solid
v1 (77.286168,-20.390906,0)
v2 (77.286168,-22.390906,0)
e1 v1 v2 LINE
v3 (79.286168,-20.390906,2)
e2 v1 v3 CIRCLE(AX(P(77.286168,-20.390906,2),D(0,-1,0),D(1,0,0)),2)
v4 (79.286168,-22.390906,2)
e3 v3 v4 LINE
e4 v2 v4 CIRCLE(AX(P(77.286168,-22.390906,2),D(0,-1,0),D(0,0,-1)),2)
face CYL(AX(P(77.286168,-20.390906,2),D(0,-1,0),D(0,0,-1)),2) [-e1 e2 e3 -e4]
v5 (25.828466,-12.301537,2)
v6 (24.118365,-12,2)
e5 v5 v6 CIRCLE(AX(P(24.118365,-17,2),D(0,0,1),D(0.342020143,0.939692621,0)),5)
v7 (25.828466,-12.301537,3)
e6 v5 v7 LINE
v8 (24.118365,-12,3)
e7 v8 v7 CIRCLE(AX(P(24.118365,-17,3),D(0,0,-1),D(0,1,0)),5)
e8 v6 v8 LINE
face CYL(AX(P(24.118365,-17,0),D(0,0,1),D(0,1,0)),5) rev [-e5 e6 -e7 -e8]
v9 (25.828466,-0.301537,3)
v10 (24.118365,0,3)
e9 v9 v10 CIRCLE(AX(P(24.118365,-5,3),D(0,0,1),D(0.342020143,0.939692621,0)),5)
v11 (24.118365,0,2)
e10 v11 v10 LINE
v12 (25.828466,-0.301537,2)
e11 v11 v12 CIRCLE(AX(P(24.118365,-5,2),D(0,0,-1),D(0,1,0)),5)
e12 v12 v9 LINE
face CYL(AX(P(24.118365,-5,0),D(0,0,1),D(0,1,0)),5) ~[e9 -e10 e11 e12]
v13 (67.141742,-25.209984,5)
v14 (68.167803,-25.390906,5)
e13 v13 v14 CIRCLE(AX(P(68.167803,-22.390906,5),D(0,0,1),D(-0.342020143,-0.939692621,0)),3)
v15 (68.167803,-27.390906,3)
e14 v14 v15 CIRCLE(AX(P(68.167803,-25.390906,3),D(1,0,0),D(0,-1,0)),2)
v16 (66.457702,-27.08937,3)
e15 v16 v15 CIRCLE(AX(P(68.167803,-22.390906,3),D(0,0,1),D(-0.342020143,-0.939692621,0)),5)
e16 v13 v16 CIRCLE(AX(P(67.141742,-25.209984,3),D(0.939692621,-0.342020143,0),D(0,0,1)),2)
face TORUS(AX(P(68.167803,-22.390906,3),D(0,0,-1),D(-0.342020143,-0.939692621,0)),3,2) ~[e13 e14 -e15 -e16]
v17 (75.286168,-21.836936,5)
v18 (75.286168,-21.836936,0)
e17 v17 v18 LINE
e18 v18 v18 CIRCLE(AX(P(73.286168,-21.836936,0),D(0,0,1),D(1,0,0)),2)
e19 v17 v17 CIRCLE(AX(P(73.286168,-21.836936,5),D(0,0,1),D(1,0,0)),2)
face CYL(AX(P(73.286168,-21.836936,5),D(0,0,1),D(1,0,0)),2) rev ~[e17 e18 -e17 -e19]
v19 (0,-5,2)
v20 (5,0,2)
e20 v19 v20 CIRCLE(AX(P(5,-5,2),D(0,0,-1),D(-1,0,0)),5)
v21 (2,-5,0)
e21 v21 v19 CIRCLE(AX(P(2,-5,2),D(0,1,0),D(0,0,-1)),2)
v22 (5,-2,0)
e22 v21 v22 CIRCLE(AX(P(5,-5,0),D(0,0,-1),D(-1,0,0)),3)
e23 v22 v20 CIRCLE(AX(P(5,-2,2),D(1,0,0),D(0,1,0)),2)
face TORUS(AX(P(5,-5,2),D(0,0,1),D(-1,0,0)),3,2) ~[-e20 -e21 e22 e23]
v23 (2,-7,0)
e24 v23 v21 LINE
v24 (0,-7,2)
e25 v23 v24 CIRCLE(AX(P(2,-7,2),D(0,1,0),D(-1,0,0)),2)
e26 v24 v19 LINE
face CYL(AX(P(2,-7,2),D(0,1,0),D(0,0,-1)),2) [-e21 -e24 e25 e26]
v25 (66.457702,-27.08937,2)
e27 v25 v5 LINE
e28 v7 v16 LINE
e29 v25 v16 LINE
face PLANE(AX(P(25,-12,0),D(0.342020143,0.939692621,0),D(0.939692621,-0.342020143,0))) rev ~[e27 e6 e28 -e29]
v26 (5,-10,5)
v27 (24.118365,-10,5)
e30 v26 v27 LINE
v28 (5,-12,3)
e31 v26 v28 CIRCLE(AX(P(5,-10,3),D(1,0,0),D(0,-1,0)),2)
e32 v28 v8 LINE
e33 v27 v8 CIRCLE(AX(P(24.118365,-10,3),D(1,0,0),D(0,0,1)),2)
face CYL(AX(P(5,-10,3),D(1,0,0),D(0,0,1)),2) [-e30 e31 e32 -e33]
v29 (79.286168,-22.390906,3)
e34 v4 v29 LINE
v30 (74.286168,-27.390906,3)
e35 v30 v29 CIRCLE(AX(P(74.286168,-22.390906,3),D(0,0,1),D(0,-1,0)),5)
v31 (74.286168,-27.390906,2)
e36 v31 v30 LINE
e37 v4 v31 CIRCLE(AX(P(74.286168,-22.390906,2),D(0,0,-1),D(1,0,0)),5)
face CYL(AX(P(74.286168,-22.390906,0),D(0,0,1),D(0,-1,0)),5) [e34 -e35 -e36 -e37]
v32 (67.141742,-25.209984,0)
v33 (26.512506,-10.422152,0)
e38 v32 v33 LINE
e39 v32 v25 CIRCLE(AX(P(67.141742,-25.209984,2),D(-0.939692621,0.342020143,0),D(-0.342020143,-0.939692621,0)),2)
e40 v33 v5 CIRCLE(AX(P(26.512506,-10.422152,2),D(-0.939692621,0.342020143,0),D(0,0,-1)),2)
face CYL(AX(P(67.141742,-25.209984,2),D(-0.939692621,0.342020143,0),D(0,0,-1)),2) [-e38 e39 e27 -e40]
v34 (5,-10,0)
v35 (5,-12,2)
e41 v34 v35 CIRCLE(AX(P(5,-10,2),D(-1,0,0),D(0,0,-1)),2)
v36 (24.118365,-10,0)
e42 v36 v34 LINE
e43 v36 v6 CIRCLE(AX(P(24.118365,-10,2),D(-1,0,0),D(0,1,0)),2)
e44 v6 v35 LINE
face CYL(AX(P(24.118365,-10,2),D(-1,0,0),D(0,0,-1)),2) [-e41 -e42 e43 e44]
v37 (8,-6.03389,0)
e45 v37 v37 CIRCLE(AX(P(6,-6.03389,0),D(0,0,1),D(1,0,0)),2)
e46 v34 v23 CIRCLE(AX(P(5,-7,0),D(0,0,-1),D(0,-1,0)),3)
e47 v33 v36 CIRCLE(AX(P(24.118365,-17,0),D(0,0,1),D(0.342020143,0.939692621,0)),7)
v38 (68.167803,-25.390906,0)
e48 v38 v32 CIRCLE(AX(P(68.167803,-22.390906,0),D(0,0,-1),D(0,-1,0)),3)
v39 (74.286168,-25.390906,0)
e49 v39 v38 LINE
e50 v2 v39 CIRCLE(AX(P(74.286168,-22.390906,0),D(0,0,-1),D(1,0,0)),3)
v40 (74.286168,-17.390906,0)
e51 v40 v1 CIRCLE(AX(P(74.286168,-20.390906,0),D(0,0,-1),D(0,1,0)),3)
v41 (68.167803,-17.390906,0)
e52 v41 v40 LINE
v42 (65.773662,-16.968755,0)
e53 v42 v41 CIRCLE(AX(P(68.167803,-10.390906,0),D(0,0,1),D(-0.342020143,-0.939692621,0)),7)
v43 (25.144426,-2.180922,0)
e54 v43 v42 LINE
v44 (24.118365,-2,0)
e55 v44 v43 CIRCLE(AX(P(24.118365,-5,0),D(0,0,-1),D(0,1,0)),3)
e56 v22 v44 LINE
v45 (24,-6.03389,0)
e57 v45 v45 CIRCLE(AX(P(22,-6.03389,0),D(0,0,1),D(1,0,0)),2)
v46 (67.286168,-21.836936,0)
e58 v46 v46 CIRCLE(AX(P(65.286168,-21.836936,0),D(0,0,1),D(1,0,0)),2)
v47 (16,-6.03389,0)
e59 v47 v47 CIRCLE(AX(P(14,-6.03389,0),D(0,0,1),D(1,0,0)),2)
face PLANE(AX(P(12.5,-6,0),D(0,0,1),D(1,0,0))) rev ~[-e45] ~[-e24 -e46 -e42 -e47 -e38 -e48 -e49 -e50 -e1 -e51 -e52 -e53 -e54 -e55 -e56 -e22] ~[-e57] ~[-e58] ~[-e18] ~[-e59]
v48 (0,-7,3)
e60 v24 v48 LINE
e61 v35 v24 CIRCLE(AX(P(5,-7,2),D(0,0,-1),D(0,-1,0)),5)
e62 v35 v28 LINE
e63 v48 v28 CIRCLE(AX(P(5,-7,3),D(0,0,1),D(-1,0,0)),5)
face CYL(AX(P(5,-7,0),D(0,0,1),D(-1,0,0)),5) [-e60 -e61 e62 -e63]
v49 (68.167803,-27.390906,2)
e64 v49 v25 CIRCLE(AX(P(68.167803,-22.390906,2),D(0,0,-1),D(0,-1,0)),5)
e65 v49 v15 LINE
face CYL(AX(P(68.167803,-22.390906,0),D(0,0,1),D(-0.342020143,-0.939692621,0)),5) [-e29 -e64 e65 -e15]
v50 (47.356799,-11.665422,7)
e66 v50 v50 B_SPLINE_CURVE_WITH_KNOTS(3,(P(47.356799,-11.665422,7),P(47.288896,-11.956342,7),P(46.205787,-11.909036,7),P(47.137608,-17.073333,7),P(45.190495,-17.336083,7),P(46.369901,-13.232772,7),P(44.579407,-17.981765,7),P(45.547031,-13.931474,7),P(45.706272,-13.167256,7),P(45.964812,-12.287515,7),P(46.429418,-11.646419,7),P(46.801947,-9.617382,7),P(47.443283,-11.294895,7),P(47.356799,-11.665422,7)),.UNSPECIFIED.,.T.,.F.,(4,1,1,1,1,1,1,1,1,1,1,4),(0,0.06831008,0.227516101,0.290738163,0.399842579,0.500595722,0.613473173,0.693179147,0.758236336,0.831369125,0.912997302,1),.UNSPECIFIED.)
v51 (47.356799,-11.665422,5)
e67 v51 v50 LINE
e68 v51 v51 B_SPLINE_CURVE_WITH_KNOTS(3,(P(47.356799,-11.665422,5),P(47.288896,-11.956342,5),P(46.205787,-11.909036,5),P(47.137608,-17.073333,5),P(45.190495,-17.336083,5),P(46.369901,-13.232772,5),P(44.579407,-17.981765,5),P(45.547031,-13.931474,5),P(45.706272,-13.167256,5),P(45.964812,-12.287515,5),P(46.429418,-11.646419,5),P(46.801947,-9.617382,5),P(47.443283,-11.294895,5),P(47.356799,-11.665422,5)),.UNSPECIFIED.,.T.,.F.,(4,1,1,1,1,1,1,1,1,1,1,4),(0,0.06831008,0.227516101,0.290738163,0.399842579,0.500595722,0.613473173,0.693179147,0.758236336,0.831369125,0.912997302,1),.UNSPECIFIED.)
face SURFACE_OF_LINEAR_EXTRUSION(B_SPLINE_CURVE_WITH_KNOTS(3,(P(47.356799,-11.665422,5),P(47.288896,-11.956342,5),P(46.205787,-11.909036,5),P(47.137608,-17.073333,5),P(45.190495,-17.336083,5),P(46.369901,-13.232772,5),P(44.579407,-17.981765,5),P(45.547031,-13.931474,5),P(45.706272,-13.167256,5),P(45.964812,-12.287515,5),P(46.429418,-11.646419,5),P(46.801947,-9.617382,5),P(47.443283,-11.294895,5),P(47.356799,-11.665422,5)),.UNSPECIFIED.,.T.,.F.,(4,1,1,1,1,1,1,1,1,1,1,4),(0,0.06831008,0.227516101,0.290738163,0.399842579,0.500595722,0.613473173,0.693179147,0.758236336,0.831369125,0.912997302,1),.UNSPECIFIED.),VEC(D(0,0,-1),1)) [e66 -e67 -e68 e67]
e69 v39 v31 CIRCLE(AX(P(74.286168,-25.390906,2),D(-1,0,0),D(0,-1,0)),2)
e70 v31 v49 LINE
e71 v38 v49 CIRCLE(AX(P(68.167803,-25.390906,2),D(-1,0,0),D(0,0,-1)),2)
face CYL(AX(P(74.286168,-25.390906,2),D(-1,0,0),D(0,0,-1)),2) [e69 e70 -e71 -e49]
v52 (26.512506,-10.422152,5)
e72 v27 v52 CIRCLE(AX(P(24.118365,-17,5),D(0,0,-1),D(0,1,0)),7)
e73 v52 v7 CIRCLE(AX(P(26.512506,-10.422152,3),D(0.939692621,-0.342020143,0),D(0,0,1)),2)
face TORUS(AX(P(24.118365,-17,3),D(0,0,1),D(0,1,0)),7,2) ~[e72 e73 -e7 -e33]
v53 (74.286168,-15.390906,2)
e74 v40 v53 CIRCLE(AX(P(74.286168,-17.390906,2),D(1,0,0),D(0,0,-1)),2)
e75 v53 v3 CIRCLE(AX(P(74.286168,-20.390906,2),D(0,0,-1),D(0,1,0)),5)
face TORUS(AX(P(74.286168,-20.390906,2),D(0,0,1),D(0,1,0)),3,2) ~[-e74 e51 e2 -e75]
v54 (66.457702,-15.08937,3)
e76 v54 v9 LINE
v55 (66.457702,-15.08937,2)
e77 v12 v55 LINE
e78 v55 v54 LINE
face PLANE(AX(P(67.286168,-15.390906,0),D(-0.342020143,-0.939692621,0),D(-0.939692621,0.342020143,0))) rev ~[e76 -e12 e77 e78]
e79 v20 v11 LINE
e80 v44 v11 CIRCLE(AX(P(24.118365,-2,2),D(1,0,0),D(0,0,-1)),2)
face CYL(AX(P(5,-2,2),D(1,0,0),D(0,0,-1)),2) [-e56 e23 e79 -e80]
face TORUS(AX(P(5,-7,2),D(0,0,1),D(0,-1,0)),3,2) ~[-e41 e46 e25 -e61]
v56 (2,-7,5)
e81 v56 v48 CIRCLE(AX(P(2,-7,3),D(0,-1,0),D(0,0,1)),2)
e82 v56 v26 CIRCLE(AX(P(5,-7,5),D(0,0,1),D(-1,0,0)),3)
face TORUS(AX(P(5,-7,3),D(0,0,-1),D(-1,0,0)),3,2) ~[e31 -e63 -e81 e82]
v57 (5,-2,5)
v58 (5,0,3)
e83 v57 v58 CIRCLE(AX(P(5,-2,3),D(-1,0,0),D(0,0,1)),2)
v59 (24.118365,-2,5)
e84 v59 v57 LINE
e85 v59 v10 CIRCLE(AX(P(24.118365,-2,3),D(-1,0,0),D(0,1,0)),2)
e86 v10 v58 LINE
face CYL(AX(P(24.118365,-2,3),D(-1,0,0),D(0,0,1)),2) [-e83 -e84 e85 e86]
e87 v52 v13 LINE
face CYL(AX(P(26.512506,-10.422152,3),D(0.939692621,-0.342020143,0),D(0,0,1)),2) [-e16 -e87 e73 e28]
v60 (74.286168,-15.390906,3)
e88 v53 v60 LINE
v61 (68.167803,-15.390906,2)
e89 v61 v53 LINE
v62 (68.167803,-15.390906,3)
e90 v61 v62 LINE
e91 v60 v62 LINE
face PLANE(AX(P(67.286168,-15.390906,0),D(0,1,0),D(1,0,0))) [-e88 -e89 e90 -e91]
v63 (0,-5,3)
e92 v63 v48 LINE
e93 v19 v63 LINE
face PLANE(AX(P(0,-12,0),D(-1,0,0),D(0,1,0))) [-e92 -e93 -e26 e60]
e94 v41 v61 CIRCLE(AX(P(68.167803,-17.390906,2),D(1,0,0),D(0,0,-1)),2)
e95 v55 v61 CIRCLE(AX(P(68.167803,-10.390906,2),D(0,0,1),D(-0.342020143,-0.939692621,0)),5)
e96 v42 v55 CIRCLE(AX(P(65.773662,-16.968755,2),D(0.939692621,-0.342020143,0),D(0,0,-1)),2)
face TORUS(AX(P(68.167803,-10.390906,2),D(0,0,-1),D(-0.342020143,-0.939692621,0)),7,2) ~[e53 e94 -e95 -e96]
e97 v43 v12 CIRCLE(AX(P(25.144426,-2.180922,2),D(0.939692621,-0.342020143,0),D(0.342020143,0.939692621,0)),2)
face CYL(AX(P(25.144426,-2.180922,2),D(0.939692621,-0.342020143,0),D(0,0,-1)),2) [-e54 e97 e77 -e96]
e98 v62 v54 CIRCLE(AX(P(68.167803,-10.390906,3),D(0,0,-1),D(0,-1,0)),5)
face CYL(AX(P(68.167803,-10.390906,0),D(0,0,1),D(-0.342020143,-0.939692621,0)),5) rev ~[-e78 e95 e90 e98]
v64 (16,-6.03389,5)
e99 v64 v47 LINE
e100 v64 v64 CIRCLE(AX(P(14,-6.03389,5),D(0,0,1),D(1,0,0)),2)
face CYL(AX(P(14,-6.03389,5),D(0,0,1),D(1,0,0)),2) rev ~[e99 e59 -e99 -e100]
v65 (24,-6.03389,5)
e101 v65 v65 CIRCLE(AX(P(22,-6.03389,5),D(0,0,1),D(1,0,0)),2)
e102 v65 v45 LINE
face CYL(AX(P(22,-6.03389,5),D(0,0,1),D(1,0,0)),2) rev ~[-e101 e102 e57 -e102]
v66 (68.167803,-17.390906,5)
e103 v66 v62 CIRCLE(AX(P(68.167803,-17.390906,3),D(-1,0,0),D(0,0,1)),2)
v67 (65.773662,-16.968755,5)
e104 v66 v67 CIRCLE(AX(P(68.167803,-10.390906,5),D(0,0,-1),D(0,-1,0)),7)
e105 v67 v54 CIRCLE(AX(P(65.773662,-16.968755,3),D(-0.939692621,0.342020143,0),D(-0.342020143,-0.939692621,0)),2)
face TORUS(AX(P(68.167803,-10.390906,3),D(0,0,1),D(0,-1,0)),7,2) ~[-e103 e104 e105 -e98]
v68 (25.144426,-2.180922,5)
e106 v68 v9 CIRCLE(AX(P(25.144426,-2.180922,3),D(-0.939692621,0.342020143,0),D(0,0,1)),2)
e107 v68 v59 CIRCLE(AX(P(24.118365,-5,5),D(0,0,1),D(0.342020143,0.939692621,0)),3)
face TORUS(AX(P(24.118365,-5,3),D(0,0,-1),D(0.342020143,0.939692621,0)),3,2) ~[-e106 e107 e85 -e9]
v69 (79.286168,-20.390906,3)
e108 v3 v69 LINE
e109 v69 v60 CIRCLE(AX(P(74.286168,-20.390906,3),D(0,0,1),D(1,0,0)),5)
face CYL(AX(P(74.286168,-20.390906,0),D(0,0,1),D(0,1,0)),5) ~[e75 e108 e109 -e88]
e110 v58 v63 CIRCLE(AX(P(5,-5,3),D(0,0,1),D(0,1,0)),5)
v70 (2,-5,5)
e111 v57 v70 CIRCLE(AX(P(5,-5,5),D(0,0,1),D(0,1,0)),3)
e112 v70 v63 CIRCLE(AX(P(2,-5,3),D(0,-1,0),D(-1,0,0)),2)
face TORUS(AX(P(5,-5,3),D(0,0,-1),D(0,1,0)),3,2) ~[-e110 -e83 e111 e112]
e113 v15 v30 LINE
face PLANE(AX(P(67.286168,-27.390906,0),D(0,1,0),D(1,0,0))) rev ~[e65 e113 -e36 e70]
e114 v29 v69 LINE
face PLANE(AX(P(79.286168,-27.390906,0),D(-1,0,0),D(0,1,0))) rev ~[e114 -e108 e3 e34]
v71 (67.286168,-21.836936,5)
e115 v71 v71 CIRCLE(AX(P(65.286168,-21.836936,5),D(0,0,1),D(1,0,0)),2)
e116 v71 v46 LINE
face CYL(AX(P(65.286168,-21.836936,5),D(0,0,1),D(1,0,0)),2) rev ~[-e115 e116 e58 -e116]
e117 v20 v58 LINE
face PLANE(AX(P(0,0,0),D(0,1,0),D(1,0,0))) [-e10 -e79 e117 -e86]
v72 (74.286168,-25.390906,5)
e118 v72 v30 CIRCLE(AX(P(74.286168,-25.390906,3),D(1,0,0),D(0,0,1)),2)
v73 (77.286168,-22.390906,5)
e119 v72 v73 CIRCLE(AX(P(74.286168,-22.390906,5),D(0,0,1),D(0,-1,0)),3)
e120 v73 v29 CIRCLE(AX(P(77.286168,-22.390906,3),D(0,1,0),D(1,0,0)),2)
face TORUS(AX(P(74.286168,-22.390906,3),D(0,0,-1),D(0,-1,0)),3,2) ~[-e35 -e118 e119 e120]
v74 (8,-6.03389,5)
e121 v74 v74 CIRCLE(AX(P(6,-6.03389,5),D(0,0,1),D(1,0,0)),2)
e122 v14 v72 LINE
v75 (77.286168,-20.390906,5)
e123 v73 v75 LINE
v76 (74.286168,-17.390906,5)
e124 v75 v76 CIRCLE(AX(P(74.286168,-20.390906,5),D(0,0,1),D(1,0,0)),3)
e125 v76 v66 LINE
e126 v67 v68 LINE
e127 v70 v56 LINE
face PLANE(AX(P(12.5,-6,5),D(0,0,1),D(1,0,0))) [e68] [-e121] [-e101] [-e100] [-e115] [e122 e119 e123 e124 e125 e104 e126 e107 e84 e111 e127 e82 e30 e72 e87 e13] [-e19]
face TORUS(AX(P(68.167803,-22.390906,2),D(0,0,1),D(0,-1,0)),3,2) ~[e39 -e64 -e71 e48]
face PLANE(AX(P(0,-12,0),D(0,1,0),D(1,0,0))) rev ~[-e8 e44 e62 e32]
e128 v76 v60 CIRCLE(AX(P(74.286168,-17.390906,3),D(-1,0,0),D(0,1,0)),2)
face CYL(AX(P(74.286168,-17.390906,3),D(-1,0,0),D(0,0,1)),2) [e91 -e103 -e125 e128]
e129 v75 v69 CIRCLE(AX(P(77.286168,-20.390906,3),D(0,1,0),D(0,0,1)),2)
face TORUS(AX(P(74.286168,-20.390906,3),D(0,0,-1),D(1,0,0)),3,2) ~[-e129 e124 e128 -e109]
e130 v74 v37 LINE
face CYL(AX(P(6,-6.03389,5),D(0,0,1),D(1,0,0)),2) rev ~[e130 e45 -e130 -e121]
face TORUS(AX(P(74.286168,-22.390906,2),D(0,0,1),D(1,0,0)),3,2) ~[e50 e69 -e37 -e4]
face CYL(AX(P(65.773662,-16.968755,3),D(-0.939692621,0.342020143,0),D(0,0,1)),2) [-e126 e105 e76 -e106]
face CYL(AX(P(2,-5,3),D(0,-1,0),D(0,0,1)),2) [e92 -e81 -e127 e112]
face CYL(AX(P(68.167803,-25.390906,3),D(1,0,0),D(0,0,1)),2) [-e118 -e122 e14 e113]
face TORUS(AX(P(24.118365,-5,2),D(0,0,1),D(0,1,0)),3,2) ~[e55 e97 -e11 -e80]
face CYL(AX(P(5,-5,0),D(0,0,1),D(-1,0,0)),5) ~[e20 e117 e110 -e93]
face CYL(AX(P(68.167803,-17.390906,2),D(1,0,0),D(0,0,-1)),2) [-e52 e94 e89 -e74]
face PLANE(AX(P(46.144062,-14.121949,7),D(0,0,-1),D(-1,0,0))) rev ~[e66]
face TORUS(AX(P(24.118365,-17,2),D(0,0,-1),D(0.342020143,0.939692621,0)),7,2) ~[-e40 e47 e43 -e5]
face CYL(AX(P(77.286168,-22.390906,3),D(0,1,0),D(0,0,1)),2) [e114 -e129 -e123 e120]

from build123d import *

# Parameters (mm, degrees)
F0_W     = 25
F0_H     = 12
F0_W_2   = 12
F1_DEPTH = 5
F2_R     = 2
F3_DEPTH = 5.001
F4_R     = 5
F5_R     = 2
F7_DEPTH = 2


with BuildPart() as f1:
    # F0 (on Top) → F1 (new body)
    with BuildSketch(Plane.XY):
        with Locations((12.5, -6)):
            Rectangle(F0_W, F0_H)
        Polygon((67.2861679354, -15.3909064497), (25, 0), (25, -12), (67.2861679354, -27.3909064497), align=None)
        with Locations((73.2861679354, -21.3909064497)):
            Rectangle(F0_W_2, F0_H)
    extrude(amount=F1_DEPTH)

    # F2 (on face) → F3 (cut, through all)
    with BuildSketch(Plane.XY.offset(5)):
        with Locations((6, -6.0338899493)):
            Circle(F2_R)
        with Locations((14, -6.0338899493)):
            Circle(F2_R)
        with Locations((22, -6.0338899493)):
            Circle(F2_R)
        with Locations((65.2861679354, -21.8369364738)):
            Circle(F2_R)
        with Locations((73.2861679354, -21.8369364738)):
            Circle(F2_R)
    extrude(amount=-F3_DEPTH, mode=Mode.SUBTRACT)

    # F4
    f4_edges = [f1.edges().sort_by_distance(p)[0] for p in [
        (0, -12, 2.5),
        (25, -12, 2.5),
        (67.286168, -27.390906, 2.5),
        (79.286168, -27.390906, 2.5),
        (79.286168, -15.390906, 2.5),
        (67.286168, -15.390906, 2.5),
        (25, 0, 2.5),
        (0, 0, 2.5),
    ]]
    fillet(f4_edges, radius=F4_R)

    # F5
    f5_edges = [f1.edges().sort_by_distance(p)[0] for p in [
        (46.143084, -19.695453, 5),
        (14.559183, -12, 5),
        (46.143084, -7.695453, 5),
        (14.559183, 0, 5),
        (71.226985, -27.390906, 5),
        (71.226985, -15.390906, 0),
        (46.143084, -19.695453, 0),
        (14.559183, -12, 0),
        (1.464466, -10.535534, 5),
        (77.821702, -25.92644, 5),
        (1.464466, -10.535534, 0),
        (77.821702, -25.92644, 0),
        (77.821702, -16.855373, 0),
        (77.821702, -16.855373, 5),
        (67.299562, -15.314945, 5),
        (24.986606, -0.075961, 5),
        (1.464466, -1.464466, 5),
        (71.226985, -15.390906, 5),
        (14.559183, 0, 0),
        (46.143084, -7.695453, 0),
    ]]
    fillet(f5_edges, radius=F5_R)

    # F6 (on face) → F7 (join)
    with BuildSketch(Plane.XY.offset(5)):
        with BuildLine():
            add(Edge.make_bspline(
                [(47.3567992449, -11.6654224694), (47.2888963827, -11.9563420747), (46.2057874332, -11.9090361454), (47.1376077103, -17.0733329533), (45.1904946436, -17.3360831477), (46.3699009978, -13.2327722684), (44.5794073063, -17.9817649234), (45.547030732, -13.9314737857), (45.706271636, -13.1672561604), (45.9648119532, -12.2875153063), (46.4294177593, -11.6464192133), (46.801947255, -9.6173824314), (47.4432832928, -11.2948945668), (47.3567992449, -11.6654224694)],
                knots=[0, 0, 0, 0, 0.0683100799, 0.2275161013, 0.2907381634, 0.3998425791, 0.500595722, 0.613473173, 0.6931791468, 0.758236336, 0.8313691245, 0.9129973018, 1, 1, 1, 1], degree=3))
        make_face()
    extrude(amount=F7_DEPTH)


solid = f1.part
